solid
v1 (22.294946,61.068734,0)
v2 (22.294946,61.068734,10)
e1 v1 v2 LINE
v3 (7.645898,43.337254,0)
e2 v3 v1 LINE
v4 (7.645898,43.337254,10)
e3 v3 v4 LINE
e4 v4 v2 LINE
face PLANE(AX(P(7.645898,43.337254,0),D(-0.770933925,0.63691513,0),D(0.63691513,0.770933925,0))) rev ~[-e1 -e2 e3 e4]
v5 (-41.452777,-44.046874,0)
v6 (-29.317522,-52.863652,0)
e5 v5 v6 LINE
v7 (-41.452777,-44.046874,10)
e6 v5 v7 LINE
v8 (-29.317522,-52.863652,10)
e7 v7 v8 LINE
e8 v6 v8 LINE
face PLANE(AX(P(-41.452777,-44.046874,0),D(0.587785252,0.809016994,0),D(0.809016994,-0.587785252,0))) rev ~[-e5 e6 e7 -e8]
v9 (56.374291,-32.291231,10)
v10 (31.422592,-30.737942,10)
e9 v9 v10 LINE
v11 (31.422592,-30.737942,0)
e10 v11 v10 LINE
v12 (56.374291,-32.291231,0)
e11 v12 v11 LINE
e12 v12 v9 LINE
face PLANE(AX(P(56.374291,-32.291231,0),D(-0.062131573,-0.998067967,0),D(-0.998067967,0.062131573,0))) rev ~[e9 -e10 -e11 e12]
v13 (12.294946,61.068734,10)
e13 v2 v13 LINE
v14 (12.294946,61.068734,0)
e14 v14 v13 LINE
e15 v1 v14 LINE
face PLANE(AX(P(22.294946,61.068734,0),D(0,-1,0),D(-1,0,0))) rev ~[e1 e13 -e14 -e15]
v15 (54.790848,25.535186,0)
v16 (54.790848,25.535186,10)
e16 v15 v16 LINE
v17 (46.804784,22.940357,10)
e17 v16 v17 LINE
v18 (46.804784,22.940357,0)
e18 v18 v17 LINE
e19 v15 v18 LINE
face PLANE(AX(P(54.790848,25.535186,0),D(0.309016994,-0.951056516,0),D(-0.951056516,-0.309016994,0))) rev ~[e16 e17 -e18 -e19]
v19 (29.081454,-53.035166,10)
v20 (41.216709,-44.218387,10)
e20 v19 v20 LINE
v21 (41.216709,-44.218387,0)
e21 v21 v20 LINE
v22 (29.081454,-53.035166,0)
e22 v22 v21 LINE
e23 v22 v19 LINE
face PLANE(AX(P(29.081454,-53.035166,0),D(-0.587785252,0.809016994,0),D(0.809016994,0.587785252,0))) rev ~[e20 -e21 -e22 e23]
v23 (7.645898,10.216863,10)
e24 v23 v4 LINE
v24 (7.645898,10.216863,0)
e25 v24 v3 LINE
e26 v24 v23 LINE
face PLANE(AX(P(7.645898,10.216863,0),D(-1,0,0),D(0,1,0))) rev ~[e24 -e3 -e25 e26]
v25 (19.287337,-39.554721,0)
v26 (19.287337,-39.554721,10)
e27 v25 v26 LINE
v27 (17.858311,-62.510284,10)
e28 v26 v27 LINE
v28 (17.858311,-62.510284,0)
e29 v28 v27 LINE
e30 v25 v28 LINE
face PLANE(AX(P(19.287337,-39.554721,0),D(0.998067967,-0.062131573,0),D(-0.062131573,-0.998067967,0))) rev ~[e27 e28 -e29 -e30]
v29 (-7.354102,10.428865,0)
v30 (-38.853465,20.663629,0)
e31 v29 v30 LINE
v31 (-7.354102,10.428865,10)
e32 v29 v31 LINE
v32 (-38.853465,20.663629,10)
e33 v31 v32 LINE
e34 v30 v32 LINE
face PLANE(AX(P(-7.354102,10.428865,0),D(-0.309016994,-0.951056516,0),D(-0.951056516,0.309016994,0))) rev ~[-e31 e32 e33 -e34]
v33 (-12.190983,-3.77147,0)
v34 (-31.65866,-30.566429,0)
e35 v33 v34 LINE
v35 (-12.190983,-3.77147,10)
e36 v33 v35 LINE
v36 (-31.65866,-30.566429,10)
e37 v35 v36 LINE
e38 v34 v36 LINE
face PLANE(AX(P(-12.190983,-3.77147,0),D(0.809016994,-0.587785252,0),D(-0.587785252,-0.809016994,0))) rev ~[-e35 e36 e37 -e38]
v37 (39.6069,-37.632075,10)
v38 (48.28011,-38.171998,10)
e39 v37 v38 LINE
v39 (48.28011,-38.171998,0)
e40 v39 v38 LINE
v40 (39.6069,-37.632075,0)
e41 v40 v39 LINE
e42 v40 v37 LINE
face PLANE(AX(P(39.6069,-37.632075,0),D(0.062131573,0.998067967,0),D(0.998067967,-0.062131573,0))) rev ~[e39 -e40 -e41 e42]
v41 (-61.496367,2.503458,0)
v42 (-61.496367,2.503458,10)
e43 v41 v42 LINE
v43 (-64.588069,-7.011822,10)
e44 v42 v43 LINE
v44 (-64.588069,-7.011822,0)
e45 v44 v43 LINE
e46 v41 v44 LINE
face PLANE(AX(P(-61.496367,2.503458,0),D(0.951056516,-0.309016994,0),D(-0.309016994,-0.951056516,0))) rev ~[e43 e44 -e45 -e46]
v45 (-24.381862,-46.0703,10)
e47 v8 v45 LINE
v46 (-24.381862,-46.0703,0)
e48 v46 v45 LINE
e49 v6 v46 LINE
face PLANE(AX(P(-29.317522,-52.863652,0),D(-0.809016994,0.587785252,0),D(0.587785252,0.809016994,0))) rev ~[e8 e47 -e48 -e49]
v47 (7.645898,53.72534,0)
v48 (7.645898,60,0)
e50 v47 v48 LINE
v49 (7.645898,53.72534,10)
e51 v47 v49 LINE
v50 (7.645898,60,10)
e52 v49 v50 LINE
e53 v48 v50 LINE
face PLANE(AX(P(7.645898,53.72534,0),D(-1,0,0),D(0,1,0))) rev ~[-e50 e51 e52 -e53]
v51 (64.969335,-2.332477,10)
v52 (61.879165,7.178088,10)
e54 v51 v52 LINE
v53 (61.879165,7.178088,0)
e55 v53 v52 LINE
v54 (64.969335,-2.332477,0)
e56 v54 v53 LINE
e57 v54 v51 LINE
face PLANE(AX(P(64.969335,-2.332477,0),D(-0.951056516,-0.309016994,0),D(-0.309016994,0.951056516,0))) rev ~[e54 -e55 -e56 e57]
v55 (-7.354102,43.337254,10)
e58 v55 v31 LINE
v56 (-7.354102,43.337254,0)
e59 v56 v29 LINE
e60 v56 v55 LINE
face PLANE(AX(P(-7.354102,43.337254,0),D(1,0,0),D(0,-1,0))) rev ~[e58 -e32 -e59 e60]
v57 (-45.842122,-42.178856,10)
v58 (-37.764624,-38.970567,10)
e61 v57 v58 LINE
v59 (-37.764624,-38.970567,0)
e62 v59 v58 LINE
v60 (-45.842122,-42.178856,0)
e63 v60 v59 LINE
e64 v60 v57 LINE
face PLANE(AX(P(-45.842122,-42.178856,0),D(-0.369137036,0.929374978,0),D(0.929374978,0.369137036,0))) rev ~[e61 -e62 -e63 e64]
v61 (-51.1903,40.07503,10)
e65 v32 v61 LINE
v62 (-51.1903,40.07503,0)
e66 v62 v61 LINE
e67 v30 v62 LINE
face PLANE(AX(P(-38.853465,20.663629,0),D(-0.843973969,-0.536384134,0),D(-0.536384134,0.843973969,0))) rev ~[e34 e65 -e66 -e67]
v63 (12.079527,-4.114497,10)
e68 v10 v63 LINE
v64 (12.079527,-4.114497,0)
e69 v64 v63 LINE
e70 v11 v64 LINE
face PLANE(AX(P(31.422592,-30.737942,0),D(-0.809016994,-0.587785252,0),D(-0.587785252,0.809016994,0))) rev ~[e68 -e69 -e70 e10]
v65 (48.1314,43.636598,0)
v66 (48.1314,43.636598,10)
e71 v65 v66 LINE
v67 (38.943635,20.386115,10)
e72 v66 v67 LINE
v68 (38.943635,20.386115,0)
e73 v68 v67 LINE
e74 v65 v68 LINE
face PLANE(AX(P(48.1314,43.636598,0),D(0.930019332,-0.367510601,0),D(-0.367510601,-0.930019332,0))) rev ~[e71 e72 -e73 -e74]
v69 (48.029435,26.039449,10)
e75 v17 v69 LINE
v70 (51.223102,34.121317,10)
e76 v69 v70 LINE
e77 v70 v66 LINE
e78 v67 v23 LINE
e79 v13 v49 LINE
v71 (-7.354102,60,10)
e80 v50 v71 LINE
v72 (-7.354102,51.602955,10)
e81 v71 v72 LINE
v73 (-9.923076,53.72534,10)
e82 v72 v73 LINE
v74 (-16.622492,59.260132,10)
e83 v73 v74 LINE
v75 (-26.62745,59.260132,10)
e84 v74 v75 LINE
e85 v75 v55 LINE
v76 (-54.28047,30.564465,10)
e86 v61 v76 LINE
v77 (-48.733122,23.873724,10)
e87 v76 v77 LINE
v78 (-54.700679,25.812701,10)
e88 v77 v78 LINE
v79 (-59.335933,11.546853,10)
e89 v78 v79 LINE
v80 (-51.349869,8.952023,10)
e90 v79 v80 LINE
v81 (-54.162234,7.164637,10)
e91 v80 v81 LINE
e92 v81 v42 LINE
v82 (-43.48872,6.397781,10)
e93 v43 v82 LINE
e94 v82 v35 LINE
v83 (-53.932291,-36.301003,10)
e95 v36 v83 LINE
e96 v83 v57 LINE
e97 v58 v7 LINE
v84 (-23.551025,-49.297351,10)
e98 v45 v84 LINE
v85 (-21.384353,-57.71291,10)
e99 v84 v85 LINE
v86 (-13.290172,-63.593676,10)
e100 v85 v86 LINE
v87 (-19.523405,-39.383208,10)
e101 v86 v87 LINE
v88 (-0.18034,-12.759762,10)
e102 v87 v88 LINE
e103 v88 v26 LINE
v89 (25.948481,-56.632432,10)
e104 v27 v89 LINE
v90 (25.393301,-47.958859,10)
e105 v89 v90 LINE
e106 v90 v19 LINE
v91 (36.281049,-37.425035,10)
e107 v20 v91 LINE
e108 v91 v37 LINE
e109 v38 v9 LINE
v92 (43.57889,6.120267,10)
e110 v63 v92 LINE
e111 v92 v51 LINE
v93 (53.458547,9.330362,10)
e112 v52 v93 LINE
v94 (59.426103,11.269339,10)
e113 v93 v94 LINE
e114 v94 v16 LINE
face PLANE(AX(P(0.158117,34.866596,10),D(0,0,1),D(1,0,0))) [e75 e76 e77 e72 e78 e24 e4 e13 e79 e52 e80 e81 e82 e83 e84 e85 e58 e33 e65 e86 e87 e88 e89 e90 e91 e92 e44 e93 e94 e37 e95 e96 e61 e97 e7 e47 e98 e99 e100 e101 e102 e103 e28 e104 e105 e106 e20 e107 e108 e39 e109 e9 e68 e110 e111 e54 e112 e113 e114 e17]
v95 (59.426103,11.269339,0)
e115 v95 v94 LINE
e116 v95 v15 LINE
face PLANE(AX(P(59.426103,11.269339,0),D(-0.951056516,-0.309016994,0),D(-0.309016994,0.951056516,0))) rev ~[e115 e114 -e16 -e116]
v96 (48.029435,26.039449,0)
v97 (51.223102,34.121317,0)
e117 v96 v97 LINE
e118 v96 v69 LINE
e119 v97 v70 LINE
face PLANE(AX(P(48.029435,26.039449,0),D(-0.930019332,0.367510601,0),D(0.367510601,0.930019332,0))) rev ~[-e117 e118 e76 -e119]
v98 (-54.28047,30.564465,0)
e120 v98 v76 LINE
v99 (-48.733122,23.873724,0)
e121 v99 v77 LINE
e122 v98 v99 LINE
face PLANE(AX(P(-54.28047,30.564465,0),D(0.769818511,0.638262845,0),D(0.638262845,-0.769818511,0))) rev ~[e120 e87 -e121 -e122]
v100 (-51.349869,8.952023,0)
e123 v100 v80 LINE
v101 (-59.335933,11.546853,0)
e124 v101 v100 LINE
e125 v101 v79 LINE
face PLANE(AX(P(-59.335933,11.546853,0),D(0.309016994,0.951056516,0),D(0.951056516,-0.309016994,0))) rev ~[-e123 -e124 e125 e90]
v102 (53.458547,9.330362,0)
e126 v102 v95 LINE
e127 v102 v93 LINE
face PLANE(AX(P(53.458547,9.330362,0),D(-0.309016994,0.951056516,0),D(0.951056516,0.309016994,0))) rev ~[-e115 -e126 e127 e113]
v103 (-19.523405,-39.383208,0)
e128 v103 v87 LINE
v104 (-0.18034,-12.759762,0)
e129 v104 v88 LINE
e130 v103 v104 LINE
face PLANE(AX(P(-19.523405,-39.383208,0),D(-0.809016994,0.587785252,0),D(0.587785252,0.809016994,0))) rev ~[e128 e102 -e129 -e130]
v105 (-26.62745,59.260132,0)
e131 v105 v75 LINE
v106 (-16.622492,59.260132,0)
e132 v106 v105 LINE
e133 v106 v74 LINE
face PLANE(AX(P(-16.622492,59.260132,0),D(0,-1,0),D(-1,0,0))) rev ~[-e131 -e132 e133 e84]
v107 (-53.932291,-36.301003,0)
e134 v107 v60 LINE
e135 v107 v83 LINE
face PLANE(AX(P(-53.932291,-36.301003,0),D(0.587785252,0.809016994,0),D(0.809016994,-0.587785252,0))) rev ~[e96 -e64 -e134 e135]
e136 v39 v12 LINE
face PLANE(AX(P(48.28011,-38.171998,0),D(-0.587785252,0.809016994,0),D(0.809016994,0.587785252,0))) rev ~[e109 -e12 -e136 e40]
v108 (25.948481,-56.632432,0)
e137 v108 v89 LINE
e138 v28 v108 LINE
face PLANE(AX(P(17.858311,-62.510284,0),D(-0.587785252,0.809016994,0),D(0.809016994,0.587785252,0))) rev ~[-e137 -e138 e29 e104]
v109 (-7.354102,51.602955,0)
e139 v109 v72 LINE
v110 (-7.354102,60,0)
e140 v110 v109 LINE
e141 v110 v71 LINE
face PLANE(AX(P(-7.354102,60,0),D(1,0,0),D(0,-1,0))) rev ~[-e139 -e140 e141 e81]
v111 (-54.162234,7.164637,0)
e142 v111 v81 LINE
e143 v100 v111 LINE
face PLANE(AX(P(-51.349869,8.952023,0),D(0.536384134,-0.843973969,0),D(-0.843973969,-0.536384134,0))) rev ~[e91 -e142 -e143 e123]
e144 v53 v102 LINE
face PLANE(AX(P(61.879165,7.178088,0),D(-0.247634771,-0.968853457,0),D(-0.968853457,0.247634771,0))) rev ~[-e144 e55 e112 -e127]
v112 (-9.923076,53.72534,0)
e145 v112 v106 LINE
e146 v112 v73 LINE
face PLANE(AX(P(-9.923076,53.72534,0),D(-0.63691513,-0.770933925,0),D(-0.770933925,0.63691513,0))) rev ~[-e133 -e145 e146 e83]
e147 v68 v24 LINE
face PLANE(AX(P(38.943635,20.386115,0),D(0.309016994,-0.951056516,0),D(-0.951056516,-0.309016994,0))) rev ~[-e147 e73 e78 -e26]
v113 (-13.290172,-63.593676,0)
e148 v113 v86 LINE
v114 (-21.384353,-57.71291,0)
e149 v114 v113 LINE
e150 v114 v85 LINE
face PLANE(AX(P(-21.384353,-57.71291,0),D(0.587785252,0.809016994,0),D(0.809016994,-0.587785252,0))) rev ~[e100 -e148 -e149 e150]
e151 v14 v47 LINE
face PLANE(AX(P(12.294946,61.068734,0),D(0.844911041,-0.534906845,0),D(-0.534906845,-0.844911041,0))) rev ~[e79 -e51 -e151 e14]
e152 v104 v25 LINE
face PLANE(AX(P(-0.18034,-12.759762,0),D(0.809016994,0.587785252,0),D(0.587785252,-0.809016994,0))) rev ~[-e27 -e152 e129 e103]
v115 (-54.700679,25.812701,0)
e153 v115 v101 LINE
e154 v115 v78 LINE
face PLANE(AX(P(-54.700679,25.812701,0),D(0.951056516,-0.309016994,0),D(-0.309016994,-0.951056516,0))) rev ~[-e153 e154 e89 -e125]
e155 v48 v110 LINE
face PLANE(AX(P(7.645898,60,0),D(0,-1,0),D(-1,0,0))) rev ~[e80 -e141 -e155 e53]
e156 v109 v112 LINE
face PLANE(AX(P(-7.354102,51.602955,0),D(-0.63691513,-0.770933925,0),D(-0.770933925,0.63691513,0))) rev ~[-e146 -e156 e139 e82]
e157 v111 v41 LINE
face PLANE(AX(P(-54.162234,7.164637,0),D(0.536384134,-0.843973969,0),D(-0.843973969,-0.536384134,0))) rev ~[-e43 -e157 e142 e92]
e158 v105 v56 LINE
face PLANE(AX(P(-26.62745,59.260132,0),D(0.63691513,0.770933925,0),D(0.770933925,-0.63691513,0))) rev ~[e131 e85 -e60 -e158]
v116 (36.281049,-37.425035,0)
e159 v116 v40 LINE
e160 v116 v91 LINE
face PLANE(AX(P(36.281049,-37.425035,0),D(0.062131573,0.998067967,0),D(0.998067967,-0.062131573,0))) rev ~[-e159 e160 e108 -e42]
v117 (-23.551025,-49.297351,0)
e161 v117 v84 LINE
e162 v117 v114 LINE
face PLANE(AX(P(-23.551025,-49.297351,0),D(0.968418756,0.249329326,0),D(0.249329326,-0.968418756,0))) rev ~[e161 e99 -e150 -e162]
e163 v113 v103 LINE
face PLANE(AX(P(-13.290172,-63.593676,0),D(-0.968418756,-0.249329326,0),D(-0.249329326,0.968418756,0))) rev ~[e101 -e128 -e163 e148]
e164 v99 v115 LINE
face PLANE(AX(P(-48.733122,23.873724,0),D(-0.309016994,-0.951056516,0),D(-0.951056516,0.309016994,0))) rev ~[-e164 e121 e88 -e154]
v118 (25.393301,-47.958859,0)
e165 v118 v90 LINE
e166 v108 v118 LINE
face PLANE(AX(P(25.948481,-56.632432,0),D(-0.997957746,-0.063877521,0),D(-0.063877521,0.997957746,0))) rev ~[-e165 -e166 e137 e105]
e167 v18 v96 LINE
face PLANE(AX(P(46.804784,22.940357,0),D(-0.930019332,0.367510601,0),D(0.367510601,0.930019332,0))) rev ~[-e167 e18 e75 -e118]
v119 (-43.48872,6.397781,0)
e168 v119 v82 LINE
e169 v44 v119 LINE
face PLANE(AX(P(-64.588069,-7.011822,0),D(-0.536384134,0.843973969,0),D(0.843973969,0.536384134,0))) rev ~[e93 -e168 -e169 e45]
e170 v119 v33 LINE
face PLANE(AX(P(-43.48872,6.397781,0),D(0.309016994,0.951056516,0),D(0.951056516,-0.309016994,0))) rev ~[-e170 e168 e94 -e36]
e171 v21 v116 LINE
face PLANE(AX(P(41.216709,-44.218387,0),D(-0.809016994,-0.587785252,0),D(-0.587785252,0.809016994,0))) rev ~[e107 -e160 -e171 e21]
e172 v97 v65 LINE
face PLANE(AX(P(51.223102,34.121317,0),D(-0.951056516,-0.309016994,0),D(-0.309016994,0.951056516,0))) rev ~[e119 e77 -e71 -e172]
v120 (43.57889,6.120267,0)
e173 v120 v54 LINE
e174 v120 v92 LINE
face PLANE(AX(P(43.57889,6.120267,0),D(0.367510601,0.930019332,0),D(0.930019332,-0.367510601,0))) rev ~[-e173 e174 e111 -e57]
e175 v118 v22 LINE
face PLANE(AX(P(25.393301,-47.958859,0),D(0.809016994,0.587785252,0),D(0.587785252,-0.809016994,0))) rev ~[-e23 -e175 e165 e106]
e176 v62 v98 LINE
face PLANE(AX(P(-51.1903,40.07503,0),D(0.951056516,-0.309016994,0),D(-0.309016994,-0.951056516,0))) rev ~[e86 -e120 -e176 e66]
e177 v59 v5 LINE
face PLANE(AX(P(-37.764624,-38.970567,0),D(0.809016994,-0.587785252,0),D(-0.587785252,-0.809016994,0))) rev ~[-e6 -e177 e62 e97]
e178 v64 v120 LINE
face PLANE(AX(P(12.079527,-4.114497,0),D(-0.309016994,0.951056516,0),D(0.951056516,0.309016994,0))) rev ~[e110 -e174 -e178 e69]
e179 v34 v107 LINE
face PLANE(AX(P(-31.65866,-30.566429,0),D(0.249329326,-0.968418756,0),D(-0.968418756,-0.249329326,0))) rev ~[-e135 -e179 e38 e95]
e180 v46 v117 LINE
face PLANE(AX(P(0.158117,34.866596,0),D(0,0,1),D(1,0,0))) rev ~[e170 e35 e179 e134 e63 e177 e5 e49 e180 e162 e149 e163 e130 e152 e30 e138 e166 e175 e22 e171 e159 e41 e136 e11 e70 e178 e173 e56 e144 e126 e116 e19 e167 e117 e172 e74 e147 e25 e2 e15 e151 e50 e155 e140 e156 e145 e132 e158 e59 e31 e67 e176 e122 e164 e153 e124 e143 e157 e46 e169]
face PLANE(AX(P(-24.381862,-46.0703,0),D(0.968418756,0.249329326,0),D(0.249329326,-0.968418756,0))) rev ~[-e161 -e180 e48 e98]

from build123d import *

# Parameters (mm, degrees)
F1_DEPTH = 10


with BuildPart() as f1:
    # F0 (on Top) → F1 (new body)
    with BuildSketch(Plane.XY):
        Polygon((7.6458979765, 60), (-7.3541020235, 60), (-7.3541020235, 51.6029546578), (-7.3541020235, 43.3372538537), (-7.3541020235, 10.4288654882), (0.4721357698, 7.8859666818), (7.6458979765, 10.2168633188), (7.6458979765, 43.3372538537), (7.6458979765, 53.7253396309), align=None)
        Polygon((-7.3541020235, 2.8859255222), (-7.3541020235, 10.4288654882), (-38.8534652639, 20.6636290238), (-48.7331219341, 23.873724068), (-54.7006785657, 25.812700756), (-59.3359334813, 11.5468530116), (-51.349868791, 8.9520232983), (-43.4887201795, 6.3977812794), (-12.1909829838, -3.771469983), align=None)
        Polygon((-5.0172207771, -6.10236662), (-12.1909829838, -3.771469983), (-31.6586600903, -30.566428786), (-37.7646237097, -38.9705667188), (-41.4527765378, -44.0468735914), (-29.3175216222, -52.8636523757), (-24.3818622072, -46.0702999914), (-19.5234051747, -39.3832075704), (-0.1803398168, -12.7597621253), align=None)
        Polygon((31.4225922054, -30.7379421439), (12.0795268475, -4.1144966988), (4.2532890542, -6.6573955052), (-0.1803398168, -12.7597621253), (19.2873372898, -39.5547209283), (25.3933009092, -47.9588588611), (29.0814537373, -53.0351657336), (41.2167086529, -44.2183869492), (36.2810492379, -37.4250345649), align=None)
        Polygon((38.9436351723, 20.3861145812), (7.6458979765, 10.2168633188), (7.6458979765, 1.9878699213), (12.0795268475, -4.1144966988), (43.5788900879, 6.1202668368), (53.4585467582, 9.330361881), (59.4261033897, 11.269338569), (54.7908484741, 25.5351863134), (46.8047837837, 22.9403566001), align=None)
        Polygon((48.1314001915, 43.636597887), (38.9436351723, 20.3861145812), (46.8047837837, 22.9403566001), (48.0294351372, 26.0394493382), (51.2231022579, 34.1213173353), align=None)
        Polygon((53.4585467582, 9.330361881), (43.5788900879, 6.1202668368), (64.9693347292, -2.3324769809), (61.8791647854, 7.1780881821), align=None)
        Polygon((12.2949459763, 61.0687341275), (7.6458979765, 53.7253396309), (7.6458979765, 43.3372538537), (22.2949459763, 61.0687341275), align=None)
        Polygon((-7.3541020235, 43.3372538537), (-7.3541020235, 51.6029546578), (-9.9230762862, 53.7253396309), (-16.622492094, 59.2601321143), (-26.6274501472, 59.2601321143), align=None)
        Polygon((-48.7331219341, 23.873724068), (-38.8534652639, 20.6636290238), (-51.1903003385, 40.0750303216), (-54.2804702822, 30.5644651586), align=None)
        Polygon((-64.5880694162, -7.0118220625), (-43.4887201795, 6.3977812794), (-51.349868791, 8.9520232983), (-54.1622335551, 7.1646366109), (-61.4963673497, 2.5034584892), align=None)
        Polygon((-37.7646237097, -38.9705667188), (-31.6586600903, -30.566428786), (-53.9322914798, -36.3010032886), (-45.8421215361, -42.1788558115), align=None)
        Polygon((-13.2901720198, -63.593676472), (-19.5234051747, -39.3832075704), (-24.3818622072, -46.0702999914), (-23.5510249575, -49.2973506884), (-21.3843531128, -57.7129096786), align=None)
        Polygon((25.3933009092, -47.9588588611), (19.2873372898, -39.5547209283), (17.8583111128, -62.5102841796), (25.9484810565, -56.6324316567), align=None)
        Polygon((56.3742913916, -32.2912314667), (31.4225922054, -30.7379421439), (36.2810492379, -37.4250345649), (39.6068996614, -37.6320748916), (48.2801102986, -38.1719982602), align=None)
        Polygon((12.0795268475, -4.1144966988), (7.6458979765, 1.9878699213), (7.6458979765, 0), (0, 0), (5.9495935154, -4.3226327132), (4.2532890542, -6.6573955052), align=None)
        Polygon((5.9495935154, -4.3226327132), (0, 0), (2.362712412, -7.2716810935), (4.2532890542, -6.6573955052), align=None)
        Polygon((2.362712412, -7.2716810935), (0, 0), (-2.2725425036, -6.9941666509), (-5.0172207771, -6.10236662), (-0.1803398168, -12.7597621253), (4.2532890542, -6.6573955052), align=None)
        Polygon((-2.2725425036, -6.9941666509), (0, 0), (-6.1856614003, -4.4941460711), (-5.0172207771, -6.10236662), align=None)
        Polygon((-7.3541020235, 0), (-7.3541020235, 2.8859255222), (-12.1909829838, -3.771469983), (-5.0172207771, -6.10236662), (-6.1856614003, -4.4941460711), (0, 0), align=None)
        Polygon((0.4721357698, 7.8859666818), (-7.3541020235, 10.4288654882), (-7.3541020235, 2.8859255222), (-6.1856614003, 4.4941460711), (0, 0), (-2.2725425036, 6.9941666509), align=None)
        Polygon((2.362712412, 7.2716810935), (0.4721357698, 7.8859666818), (-2.2725425036, 6.9941666509), (0, 0), align=None)
        Polygon((7.6458979765, 1.9878699213), (7.6458979765, 10.2168633188), (0.4721357698, 7.8859666818), (2.362712412, 7.2716810935), (0, 0), (5.9495935154, 4.3226327132), align=None)
        Polygon((7.6458979765, 0), (7.6458979765, 1.9878699213), (5.9495935154, 4.3226327132), (0, 0), align=None)
        Polygon((-6.1856614003, 4.4941460711), (-7.3541020235, 2.8859255222), (-7.3541020235, 0), (0, 0), align=None)
    extrude(amount=F1_DEPTH)


solid = f1.part
